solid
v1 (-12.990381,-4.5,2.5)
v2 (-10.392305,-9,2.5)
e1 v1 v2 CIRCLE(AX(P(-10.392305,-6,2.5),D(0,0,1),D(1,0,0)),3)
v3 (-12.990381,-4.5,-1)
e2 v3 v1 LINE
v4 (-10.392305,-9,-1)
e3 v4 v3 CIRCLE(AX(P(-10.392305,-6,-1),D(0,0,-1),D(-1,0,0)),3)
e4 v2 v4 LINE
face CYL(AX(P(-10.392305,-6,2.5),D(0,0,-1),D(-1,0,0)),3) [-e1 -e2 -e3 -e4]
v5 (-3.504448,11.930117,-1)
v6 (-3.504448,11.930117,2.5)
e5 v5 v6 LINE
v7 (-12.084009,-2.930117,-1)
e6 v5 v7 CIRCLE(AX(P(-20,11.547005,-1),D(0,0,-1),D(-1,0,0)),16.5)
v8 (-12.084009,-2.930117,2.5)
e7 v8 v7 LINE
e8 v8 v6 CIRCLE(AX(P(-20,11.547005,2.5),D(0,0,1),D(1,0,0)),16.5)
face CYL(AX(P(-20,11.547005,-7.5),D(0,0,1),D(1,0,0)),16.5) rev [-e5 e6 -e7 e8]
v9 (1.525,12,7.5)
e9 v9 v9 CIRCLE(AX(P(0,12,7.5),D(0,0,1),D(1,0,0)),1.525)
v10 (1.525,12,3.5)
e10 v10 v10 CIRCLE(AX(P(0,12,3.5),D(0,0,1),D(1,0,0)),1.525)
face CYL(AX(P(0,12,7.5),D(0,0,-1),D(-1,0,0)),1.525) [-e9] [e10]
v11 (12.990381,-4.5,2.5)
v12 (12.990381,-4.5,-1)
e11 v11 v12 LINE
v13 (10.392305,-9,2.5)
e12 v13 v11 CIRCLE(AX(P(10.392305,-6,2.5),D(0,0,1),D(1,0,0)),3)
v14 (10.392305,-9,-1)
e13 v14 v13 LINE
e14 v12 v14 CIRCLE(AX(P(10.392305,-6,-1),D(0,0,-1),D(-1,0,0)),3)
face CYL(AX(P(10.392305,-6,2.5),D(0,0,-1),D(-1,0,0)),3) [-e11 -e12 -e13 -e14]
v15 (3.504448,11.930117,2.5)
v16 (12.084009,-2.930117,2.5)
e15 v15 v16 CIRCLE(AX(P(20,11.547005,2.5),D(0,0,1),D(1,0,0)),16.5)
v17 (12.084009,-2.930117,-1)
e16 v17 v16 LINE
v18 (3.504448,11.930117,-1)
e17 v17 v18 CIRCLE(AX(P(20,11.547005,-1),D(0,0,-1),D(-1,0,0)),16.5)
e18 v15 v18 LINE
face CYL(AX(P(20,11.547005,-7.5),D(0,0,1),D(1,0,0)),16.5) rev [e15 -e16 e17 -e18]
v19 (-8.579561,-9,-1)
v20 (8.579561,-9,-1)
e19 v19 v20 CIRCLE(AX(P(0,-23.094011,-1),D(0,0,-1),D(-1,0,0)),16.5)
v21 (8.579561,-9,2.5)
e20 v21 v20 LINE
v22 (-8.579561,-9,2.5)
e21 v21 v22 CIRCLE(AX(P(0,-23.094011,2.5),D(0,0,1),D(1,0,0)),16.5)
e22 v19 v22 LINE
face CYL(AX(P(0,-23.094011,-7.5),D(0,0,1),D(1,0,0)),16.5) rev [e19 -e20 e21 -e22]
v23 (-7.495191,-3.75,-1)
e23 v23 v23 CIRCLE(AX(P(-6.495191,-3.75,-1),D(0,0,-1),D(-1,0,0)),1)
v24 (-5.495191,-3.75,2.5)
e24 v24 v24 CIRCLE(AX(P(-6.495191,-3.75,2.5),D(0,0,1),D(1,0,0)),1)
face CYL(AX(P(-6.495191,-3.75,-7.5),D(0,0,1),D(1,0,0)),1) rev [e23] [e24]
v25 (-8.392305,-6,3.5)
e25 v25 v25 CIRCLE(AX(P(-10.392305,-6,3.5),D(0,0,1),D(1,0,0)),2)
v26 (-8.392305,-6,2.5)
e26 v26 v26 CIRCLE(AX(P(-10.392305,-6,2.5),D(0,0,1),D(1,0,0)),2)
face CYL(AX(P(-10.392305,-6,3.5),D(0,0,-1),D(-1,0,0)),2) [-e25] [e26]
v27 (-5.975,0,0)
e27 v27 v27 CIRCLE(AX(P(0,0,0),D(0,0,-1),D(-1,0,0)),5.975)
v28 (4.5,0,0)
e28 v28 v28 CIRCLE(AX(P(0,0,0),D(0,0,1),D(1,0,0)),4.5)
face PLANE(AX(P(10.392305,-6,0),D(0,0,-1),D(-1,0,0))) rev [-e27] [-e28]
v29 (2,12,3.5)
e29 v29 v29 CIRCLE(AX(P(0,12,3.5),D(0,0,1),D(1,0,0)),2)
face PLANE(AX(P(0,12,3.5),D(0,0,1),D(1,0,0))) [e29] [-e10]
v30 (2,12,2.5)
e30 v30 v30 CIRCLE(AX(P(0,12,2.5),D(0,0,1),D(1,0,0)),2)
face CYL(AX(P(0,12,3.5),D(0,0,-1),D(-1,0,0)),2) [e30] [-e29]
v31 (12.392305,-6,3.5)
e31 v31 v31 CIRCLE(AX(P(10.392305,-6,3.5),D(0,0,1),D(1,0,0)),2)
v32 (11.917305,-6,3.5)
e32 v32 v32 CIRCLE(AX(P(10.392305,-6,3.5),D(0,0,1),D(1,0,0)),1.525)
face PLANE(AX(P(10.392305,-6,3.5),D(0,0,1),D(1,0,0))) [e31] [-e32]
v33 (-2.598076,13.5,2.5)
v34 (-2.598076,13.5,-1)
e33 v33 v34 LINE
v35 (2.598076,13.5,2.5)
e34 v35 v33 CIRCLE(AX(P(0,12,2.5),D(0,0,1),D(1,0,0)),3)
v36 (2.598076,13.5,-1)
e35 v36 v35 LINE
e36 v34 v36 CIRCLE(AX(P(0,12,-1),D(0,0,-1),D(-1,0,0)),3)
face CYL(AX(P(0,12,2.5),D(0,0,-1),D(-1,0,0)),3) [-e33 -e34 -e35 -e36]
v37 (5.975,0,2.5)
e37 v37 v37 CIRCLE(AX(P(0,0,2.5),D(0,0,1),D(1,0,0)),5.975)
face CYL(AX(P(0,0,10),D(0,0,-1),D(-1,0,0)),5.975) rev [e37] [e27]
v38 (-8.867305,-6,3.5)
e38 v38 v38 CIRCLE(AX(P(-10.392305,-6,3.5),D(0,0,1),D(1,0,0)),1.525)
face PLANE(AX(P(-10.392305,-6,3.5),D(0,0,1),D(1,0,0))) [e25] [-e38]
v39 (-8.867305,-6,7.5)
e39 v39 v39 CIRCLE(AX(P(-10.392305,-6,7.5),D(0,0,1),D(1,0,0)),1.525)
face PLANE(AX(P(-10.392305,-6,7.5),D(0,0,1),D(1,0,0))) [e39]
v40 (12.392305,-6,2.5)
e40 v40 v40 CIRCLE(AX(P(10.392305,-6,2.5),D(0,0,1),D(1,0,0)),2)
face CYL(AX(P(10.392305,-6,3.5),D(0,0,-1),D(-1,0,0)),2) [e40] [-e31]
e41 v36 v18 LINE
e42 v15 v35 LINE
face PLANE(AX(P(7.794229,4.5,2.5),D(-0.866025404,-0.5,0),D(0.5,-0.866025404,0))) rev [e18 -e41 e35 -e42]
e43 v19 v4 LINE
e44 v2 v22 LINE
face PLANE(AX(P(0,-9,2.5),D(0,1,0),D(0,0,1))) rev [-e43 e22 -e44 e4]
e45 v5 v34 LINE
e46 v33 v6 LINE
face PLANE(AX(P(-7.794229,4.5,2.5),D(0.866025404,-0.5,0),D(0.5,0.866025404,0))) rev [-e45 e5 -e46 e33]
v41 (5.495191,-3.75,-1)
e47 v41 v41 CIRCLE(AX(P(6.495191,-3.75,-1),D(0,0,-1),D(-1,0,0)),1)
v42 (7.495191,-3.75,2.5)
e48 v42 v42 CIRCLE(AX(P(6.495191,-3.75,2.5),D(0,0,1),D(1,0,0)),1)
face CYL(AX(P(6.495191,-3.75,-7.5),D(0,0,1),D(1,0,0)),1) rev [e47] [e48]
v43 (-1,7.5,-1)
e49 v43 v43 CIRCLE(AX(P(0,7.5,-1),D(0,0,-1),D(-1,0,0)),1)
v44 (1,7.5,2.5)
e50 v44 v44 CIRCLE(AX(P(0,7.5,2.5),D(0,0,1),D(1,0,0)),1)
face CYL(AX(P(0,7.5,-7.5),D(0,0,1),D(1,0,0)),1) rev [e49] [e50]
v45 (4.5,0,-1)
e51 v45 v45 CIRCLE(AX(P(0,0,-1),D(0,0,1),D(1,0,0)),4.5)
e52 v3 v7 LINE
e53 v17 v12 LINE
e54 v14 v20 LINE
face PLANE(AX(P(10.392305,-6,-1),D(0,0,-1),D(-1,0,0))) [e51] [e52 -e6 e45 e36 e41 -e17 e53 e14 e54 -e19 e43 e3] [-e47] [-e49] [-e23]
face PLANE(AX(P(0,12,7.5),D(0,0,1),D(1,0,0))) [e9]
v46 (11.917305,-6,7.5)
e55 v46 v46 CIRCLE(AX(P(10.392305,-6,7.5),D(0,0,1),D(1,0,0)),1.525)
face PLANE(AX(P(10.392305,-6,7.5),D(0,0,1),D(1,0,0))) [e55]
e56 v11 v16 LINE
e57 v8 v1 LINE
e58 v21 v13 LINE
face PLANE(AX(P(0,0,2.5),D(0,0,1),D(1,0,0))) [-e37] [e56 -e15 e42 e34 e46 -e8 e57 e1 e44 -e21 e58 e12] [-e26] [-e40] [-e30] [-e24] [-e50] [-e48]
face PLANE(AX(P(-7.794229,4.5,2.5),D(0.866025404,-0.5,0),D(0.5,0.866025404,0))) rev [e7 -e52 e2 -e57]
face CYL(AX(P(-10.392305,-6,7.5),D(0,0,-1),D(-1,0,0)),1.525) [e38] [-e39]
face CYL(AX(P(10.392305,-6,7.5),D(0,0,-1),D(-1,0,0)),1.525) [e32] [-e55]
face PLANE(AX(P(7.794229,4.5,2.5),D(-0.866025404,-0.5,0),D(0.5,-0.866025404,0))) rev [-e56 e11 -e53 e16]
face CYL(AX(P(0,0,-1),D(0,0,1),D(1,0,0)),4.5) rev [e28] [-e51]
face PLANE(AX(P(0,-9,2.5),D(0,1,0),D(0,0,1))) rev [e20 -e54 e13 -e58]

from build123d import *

# Parameters (mm, degrees)
EXTRUDE_1_DEPTH     = 2.5
FILLET_1_R          = 3
SKETCH_2_R          = 1.525
EXTRUDE_2_DEPTH     = 5
SKETCH_3_R          = 2
EXTRUDE_3_DEPTH     = 1
SKETCH_4_R          = 5.975
CUT_EXTRUDE_1_DEPTH = 10
EXTRUDE_4_DEPTH     = 1
SKETCH_6_R          = 4.5
CUT_EXTRUDE_2_DEPTH = 1
SKETCH_7_R          = 1
CUT_EXTRUDE_3_DEPTH = 10
SKETCH_9_R          = 16.5
CUT_EXTRUDE_4_DEPTH = 10


with BuildPart() as part:
    # 草图1 → 凸台-拉伸1 (new body)
    with BuildSketch(Plane.XY):
        Polygon((-15.588457268, -9), (15.588457268, -9), (0, 18), align=None)
        Polygon((10.392304845, -6), (0, 12), (-10.392304845, -6), align=None, mode=Mode.SUBTRACT)
        Polygon((-10.392304845, -6), (10.392304845, -6), (0, 12), align=None)
    extrude(amount=EXTRUDE_1_DEPTH)

    # 圆角1
    fillet_1_edges = [part.edges().sort_by_distance(p)[0] for p in [
        (-15.588457268, -9, 1.25),
        (0, 18, 1.25),
        (15.588457268, -9, 1.25),
    ]]
    fillet(fillet_1_edges, radius=FILLET_1_R)

    # 草图2 → 凸台-拉伸2 (add)
    with BuildSketch(Plane.XY.offset(2.5)):
        with Locations((0, 12)):
            Circle(SKETCH_2_R)
        with Locations((10.392304845, -6)):
            Circle(SKETCH_2_R)
        with Locations((-10.392304845, -6)):
            Circle(SKETCH_2_R)
    extrude(amount=EXTRUDE_2_DEPTH)

    # 草图3 → 凸台-拉伸3 (add)
    with BuildSketch(Plane.XY.offset(2.5)):
        with Locations((0, 12)):
            Circle(SKETCH_3_R)
        with Locations((10.392304845, -6)):
            Circle(SKETCH_3_R)
        with Locations((-10.392304845, -6)):
            Circle(SKETCH_3_R)
    extrude(amount=EXTRUDE_3_DEPTH)

    # 草图4 → 切除-拉伸1 (cut)
    with BuildSketch(Plane(origin=(0, 0, 0), x_dir=(-1, 0, 0), z_dir=(0, 0, -1))):
        Circle(SKETCH_4_R)
    extrude(amount=-CUT_EXTRUDE_1_DEPTH, mode=Mode.SUBTRACT)

    # 草图5 → 凸台-拉伸4 (add)
    with BuildSketch(Plane(origin=(0, 0, 0), x_dir=(-1, 0, 0), z_dir=(0, 0, -1))):
        with BuildLine():
            Line((-10.392304845, -9), (10.392304845, -9))
            ThreePointArc((10.392304845, -9), (12.990381057, -7.5), (12.990381057, -4.5))
            Line((12.990381057, -4.5), (2.598076211, 13.5))
            ThreePointArc((2.598076211, 13.5), (0, 15), (-2.598076211, 13.5))
            Line((-2.598076211, 13.5), (-12.990381057, -4.5))
            ThreePointArc((-12.990381057, -4.5), (-12.990381057, -7.5), (-10.392304845, -9))
        make_face()
    extrude(amount=EXTRUDE_4_DEPTH)

    # 草图6 → 切除-拉伸2 (cut)
    with BuildSketch(Plane.XY):
        Circle(SKETCH_6_R)
    extrude(amount=-CUT_EXTRUDE_2_DEPTH, mode=Mode.SUBTRACT)

    # 草图7 → 切除-拉伸3 (cut)
    with BuildSketch(Plane.XY.offset(2.5)):
        with Locations((0, 7.5)):
            Circle(SKETCH_7_R)
        with Locations((6.495190528, -3.75)):
            Circle(SKETCH_7_R)
        with Locations((-6.495190528, -3.75)):
            Circle(SKETCH_7_R)
    extrude(amount=-CUT_EXTRUDE_3_DEPTH, mode=Mode.SUBTRACT)

    # 草图9 → 切除-拉伸4 (cut)
    with BuildSketch(Plane.XY.offset(2.5)):
        with Locations((-20, 11.547005384)):
            Circle(SKETCH_9_R)
        with Locations((20, 11.547005384)):
            Circle(SKETCH_9_R)
        with Locations((0, -23.094010768)):
            Circle(SKETCH_9_R)
    extrude(amount=-CUT_EXTRUDE_4_DEPTH, mode=Mode.SUBTRACT)


solid = part.part
